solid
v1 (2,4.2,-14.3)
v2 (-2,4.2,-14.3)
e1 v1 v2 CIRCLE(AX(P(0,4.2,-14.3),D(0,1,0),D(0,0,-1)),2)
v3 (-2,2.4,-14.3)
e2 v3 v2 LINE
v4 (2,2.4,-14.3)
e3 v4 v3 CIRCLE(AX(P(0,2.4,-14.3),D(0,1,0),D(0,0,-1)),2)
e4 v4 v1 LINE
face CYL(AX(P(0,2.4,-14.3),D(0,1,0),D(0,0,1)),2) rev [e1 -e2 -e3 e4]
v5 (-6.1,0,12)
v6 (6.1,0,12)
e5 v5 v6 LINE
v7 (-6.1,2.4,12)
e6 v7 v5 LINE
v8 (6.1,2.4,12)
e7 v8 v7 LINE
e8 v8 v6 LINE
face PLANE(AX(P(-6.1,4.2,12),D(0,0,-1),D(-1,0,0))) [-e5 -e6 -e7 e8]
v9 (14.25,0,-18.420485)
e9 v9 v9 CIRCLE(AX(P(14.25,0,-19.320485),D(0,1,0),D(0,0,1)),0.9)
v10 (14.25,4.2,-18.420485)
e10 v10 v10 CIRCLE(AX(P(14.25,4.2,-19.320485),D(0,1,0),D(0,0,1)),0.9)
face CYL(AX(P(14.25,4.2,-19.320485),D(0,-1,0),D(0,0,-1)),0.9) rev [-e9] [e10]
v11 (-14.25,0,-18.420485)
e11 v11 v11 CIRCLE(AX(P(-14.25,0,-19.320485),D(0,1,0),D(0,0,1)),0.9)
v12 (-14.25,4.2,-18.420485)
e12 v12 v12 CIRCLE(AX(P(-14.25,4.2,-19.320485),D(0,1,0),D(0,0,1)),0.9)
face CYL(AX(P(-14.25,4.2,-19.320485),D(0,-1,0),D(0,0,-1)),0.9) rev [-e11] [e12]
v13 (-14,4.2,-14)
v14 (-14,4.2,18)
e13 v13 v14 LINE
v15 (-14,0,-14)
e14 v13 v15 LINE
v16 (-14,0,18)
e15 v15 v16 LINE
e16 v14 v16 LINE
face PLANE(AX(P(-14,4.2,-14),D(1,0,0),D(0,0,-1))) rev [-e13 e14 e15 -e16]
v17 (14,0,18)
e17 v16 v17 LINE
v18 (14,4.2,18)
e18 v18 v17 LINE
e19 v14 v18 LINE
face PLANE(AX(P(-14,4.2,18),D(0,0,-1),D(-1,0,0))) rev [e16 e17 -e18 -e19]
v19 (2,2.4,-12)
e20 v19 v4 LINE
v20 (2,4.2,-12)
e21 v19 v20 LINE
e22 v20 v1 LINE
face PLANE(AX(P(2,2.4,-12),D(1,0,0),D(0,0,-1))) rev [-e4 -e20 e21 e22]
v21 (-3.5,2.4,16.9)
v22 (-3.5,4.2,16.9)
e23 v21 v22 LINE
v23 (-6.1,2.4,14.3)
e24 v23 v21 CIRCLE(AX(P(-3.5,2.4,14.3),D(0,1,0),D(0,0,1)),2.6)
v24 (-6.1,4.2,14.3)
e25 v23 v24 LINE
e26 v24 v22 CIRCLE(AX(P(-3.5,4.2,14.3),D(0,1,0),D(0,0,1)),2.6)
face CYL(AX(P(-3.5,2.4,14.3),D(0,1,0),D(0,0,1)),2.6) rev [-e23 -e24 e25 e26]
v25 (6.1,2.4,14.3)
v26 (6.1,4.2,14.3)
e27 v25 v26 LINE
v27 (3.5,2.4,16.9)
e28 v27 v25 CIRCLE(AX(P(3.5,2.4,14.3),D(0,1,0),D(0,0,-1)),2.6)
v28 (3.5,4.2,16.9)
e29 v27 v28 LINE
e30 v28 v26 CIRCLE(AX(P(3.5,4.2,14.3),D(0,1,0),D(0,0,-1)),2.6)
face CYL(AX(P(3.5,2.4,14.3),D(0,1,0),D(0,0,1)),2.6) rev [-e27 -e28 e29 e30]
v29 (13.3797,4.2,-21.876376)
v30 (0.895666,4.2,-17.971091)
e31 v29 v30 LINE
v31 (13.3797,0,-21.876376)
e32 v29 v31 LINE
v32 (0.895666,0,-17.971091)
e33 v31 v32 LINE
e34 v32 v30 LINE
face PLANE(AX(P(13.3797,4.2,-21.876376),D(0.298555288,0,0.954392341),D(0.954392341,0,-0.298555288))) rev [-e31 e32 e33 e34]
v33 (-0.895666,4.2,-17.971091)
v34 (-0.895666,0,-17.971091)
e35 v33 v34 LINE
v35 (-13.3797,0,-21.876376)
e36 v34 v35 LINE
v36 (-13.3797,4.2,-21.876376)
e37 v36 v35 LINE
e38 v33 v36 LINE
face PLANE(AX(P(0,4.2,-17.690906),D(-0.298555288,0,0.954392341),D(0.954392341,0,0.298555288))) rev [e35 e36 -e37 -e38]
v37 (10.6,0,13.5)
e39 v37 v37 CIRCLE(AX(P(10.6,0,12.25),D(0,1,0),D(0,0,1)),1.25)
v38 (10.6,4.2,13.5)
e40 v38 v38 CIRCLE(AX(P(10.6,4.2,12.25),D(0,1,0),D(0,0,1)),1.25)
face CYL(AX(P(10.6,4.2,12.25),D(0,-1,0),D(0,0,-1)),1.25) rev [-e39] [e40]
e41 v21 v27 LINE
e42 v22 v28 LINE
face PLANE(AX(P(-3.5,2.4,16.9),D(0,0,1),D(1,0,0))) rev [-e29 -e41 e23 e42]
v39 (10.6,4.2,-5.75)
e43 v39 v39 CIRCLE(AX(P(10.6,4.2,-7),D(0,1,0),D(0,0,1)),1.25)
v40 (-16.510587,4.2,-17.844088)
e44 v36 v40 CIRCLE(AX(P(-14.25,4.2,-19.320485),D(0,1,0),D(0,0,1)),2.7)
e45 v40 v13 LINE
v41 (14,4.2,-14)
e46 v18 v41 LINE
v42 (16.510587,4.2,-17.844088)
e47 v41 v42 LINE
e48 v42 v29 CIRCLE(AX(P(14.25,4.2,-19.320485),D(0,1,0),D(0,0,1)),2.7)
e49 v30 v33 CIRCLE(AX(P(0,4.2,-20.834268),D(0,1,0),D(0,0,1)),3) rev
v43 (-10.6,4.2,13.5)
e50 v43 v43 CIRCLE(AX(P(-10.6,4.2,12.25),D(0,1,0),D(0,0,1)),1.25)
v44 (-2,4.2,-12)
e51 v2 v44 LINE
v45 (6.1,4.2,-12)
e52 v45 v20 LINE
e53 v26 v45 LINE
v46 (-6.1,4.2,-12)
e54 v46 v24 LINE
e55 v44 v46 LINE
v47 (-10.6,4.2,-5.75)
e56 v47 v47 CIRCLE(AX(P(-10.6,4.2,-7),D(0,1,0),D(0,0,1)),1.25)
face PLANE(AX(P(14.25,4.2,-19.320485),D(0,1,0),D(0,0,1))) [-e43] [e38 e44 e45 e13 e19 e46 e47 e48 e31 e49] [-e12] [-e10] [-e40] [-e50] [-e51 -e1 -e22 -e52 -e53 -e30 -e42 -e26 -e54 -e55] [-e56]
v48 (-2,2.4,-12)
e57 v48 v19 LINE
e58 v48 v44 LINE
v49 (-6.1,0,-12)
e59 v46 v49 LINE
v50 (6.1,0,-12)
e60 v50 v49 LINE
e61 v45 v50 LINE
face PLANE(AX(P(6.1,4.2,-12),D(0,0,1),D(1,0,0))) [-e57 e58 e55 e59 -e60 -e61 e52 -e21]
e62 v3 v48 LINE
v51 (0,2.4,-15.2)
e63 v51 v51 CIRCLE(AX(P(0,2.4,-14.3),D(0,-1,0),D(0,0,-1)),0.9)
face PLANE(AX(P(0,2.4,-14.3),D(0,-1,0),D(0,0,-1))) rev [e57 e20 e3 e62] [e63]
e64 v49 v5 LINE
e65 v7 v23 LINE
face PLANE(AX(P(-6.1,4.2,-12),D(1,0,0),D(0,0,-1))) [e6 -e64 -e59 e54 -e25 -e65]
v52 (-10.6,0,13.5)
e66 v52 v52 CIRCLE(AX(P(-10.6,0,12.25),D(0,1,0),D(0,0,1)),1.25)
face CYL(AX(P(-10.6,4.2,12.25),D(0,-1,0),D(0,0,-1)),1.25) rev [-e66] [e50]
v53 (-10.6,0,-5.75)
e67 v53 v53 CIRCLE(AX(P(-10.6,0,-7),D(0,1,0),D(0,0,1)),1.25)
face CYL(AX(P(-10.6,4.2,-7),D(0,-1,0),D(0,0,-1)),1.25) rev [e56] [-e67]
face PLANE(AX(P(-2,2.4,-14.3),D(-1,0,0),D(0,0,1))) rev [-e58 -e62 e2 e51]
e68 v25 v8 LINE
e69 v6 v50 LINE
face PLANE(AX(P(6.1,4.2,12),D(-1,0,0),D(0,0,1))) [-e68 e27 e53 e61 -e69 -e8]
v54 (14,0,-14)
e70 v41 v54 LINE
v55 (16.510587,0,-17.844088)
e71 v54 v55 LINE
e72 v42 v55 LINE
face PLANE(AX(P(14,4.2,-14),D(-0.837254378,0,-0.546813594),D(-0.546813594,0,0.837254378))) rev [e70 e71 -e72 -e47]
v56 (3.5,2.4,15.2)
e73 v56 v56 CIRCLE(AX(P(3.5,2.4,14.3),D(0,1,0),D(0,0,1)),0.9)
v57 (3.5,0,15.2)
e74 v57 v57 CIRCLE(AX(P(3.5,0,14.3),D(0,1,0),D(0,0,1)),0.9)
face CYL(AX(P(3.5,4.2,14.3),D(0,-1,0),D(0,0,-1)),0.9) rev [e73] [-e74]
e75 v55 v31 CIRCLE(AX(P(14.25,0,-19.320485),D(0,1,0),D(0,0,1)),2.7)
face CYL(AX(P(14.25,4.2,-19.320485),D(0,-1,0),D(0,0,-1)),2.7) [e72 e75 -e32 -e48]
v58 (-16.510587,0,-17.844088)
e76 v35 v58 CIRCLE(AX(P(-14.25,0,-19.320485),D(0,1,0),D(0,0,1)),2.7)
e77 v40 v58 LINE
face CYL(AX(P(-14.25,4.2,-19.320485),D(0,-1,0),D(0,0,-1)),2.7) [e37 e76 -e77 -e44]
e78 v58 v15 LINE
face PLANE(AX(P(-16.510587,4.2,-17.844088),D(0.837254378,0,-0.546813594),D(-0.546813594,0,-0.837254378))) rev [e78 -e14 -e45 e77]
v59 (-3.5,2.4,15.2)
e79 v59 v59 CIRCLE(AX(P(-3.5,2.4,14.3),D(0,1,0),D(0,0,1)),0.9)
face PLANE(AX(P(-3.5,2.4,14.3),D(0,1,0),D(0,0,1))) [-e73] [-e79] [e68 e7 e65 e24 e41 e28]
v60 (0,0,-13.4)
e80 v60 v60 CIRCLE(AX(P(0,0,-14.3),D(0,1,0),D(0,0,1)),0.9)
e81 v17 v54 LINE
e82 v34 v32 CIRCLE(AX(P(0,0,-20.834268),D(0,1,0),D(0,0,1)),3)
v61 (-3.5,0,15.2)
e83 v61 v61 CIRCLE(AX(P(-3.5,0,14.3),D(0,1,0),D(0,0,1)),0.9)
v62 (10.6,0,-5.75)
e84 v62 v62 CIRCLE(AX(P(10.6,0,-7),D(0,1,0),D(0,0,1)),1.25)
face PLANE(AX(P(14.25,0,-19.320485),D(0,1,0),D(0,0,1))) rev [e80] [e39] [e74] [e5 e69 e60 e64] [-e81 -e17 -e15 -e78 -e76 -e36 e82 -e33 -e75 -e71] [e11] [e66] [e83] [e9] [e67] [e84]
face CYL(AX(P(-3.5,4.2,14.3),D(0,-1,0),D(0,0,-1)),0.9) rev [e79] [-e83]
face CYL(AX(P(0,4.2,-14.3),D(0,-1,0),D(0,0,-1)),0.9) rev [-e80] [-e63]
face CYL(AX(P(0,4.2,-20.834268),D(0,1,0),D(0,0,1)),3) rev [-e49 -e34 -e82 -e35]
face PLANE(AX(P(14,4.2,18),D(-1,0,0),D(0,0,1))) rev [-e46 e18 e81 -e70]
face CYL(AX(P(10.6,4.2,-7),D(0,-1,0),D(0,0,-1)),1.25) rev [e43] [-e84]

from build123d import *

# Parameters (mm, degrees)
SKETCH1_R           = 1.25
SKETCH1_R_2         = 0.9
SKETCH1_W           = 12.2
SKETCH1_H           = 24
BOSS_EXTRUDE2_DEPTH = 4.2
FILLET1_R           = 3
CUT_EXTRUDE1_DEPTH  = 1.8


with BuildPart() as part:
    # Sketch1 → Boss-Extrude2 (new body)
    with BuildSketch(Plane(origin=(0, 0, 0), x_dir=(1, 0, 0), z_dir=(0, 1, 0))):
        with BuildLine():
            Line((14, -18), (14, 14))
            Line((14, 14), (16.51058682, 17.844088419))
            ThreePointArc((16.51058682, 17.844088419), (16.382617975, 20.976365727), (13.379699555, 21.876375797))
            Line((13.379699555, 21.876375797), (0, 17.690906278))
            Line((0, 17.690906278), (-13.379699555, 21.876375797))
            ThreePointArc((-13.379699555, 21.876375797), (-16.382617975, 20.976365727), (-16.51058682, 17.844088419))
            Line((-16.51058682, 17.844088419), (-14, 14))
            Line((-14, 14), (-14, -18))
            Line((-14, -18), (14, -18))
        make_face()
        with Locations(Location((-10.6, 7, 0), (0, 0, 270))):
            Circle(SKETCH1_R, mode=Mode.SUBTRACT)
        with Locations(Location((-10.6, -12.25, 0), (0, 0, 270))):
            Circle(SKETCH1_R, mode=Mode.SUBTRACT)
        with Locations(Location((-3.5, -14.3, 0), (0, 0, 270))):
            Circle(SKETCH1_R_2, mode=Mode.SUBTRACT)
        with Locations(Location((3.5, -14.3, 0), (0, 0, 270))):
            Circle(SKETCH1_R_2, mode=Mode.SUBTRACT)
        with Locations(Location((10.6, -12.25, 0), (0, 0, 270))):
            Circle(SKETCH1_R, mode=Mode.SUBTRACT)
        with Locations(Location((10.6, 7, 0), (0, 0, 270))):
            Circle(SKETCH1_R, mode=Mode.SUBTRACT)
        with Locations(Location((0, 14.3, 0), (0, 0, 270))):
            Circle(SKETCH1_R_2, mode=Mode.SUBTRACT)
        with Locations(Location((-14.25, 19.320485123, 0), (0, 0, 270))):
            Circle(SKETCH1_R_2, mode=Mode.SUBTRACT)
        with Locations(Location((14.25, 19.320485123, 0), (0, 0, 270))):
            Circle(SKETCH1_R_2, mode=Mode.SUBTRACT)
        Rectangle(SKETCH1_W, SKETCH1_H, mode=Mode.SUBTRACT)
    extrude(amount=BOSS_EXTRUDE2_DEPTH)

    # Fillet1
    fillet1_edges = [part.edges().sort_by_distance(p)[0] for p in [
        (0, 2.1, -17.690906278),
    ]]
    fillet(fillet1_edges, radius=FILLET1_R)

    # Sketch2 → Cut-Extrude1 (cut)
    with BuildSketch(Plane(origin=(0, 4.2, 0), x_dir=(1, 0, 0), z_dir=(0, 1, 0))):
        with BuildLine():
            Line((-6.1, -12), (-6.1, -14.3))
            ThreePointArc((-6.1, -14.3), (-5.338477631, -16.138477631), (-3.5, -16.9))
            Line((-3.5, -16.9), (3.5, -16.9))
            ThreePointArc((3.5, -16.9), (5.338477631, -16.138477631), (6.1, -14.3))
            Line((6.1, -14.3), (6.1, -12))
            Line((6.1, -12), (-6.1, -12))
        make_face()
        with BuildLine():
            Line((-2, 14.3), (-2, 12))
            Line((-2, 12), (2, 12))
            Line((2, 12), (2, 14.3))
            ThreePointArc((2, 14.3), (0, 16.3), (-2, 14.3))
        make_face()
    extrude(amount=-CUT_EXTRUDE1_DEPTH, mode=Mode.SUBTRACT)


solid = part.part
